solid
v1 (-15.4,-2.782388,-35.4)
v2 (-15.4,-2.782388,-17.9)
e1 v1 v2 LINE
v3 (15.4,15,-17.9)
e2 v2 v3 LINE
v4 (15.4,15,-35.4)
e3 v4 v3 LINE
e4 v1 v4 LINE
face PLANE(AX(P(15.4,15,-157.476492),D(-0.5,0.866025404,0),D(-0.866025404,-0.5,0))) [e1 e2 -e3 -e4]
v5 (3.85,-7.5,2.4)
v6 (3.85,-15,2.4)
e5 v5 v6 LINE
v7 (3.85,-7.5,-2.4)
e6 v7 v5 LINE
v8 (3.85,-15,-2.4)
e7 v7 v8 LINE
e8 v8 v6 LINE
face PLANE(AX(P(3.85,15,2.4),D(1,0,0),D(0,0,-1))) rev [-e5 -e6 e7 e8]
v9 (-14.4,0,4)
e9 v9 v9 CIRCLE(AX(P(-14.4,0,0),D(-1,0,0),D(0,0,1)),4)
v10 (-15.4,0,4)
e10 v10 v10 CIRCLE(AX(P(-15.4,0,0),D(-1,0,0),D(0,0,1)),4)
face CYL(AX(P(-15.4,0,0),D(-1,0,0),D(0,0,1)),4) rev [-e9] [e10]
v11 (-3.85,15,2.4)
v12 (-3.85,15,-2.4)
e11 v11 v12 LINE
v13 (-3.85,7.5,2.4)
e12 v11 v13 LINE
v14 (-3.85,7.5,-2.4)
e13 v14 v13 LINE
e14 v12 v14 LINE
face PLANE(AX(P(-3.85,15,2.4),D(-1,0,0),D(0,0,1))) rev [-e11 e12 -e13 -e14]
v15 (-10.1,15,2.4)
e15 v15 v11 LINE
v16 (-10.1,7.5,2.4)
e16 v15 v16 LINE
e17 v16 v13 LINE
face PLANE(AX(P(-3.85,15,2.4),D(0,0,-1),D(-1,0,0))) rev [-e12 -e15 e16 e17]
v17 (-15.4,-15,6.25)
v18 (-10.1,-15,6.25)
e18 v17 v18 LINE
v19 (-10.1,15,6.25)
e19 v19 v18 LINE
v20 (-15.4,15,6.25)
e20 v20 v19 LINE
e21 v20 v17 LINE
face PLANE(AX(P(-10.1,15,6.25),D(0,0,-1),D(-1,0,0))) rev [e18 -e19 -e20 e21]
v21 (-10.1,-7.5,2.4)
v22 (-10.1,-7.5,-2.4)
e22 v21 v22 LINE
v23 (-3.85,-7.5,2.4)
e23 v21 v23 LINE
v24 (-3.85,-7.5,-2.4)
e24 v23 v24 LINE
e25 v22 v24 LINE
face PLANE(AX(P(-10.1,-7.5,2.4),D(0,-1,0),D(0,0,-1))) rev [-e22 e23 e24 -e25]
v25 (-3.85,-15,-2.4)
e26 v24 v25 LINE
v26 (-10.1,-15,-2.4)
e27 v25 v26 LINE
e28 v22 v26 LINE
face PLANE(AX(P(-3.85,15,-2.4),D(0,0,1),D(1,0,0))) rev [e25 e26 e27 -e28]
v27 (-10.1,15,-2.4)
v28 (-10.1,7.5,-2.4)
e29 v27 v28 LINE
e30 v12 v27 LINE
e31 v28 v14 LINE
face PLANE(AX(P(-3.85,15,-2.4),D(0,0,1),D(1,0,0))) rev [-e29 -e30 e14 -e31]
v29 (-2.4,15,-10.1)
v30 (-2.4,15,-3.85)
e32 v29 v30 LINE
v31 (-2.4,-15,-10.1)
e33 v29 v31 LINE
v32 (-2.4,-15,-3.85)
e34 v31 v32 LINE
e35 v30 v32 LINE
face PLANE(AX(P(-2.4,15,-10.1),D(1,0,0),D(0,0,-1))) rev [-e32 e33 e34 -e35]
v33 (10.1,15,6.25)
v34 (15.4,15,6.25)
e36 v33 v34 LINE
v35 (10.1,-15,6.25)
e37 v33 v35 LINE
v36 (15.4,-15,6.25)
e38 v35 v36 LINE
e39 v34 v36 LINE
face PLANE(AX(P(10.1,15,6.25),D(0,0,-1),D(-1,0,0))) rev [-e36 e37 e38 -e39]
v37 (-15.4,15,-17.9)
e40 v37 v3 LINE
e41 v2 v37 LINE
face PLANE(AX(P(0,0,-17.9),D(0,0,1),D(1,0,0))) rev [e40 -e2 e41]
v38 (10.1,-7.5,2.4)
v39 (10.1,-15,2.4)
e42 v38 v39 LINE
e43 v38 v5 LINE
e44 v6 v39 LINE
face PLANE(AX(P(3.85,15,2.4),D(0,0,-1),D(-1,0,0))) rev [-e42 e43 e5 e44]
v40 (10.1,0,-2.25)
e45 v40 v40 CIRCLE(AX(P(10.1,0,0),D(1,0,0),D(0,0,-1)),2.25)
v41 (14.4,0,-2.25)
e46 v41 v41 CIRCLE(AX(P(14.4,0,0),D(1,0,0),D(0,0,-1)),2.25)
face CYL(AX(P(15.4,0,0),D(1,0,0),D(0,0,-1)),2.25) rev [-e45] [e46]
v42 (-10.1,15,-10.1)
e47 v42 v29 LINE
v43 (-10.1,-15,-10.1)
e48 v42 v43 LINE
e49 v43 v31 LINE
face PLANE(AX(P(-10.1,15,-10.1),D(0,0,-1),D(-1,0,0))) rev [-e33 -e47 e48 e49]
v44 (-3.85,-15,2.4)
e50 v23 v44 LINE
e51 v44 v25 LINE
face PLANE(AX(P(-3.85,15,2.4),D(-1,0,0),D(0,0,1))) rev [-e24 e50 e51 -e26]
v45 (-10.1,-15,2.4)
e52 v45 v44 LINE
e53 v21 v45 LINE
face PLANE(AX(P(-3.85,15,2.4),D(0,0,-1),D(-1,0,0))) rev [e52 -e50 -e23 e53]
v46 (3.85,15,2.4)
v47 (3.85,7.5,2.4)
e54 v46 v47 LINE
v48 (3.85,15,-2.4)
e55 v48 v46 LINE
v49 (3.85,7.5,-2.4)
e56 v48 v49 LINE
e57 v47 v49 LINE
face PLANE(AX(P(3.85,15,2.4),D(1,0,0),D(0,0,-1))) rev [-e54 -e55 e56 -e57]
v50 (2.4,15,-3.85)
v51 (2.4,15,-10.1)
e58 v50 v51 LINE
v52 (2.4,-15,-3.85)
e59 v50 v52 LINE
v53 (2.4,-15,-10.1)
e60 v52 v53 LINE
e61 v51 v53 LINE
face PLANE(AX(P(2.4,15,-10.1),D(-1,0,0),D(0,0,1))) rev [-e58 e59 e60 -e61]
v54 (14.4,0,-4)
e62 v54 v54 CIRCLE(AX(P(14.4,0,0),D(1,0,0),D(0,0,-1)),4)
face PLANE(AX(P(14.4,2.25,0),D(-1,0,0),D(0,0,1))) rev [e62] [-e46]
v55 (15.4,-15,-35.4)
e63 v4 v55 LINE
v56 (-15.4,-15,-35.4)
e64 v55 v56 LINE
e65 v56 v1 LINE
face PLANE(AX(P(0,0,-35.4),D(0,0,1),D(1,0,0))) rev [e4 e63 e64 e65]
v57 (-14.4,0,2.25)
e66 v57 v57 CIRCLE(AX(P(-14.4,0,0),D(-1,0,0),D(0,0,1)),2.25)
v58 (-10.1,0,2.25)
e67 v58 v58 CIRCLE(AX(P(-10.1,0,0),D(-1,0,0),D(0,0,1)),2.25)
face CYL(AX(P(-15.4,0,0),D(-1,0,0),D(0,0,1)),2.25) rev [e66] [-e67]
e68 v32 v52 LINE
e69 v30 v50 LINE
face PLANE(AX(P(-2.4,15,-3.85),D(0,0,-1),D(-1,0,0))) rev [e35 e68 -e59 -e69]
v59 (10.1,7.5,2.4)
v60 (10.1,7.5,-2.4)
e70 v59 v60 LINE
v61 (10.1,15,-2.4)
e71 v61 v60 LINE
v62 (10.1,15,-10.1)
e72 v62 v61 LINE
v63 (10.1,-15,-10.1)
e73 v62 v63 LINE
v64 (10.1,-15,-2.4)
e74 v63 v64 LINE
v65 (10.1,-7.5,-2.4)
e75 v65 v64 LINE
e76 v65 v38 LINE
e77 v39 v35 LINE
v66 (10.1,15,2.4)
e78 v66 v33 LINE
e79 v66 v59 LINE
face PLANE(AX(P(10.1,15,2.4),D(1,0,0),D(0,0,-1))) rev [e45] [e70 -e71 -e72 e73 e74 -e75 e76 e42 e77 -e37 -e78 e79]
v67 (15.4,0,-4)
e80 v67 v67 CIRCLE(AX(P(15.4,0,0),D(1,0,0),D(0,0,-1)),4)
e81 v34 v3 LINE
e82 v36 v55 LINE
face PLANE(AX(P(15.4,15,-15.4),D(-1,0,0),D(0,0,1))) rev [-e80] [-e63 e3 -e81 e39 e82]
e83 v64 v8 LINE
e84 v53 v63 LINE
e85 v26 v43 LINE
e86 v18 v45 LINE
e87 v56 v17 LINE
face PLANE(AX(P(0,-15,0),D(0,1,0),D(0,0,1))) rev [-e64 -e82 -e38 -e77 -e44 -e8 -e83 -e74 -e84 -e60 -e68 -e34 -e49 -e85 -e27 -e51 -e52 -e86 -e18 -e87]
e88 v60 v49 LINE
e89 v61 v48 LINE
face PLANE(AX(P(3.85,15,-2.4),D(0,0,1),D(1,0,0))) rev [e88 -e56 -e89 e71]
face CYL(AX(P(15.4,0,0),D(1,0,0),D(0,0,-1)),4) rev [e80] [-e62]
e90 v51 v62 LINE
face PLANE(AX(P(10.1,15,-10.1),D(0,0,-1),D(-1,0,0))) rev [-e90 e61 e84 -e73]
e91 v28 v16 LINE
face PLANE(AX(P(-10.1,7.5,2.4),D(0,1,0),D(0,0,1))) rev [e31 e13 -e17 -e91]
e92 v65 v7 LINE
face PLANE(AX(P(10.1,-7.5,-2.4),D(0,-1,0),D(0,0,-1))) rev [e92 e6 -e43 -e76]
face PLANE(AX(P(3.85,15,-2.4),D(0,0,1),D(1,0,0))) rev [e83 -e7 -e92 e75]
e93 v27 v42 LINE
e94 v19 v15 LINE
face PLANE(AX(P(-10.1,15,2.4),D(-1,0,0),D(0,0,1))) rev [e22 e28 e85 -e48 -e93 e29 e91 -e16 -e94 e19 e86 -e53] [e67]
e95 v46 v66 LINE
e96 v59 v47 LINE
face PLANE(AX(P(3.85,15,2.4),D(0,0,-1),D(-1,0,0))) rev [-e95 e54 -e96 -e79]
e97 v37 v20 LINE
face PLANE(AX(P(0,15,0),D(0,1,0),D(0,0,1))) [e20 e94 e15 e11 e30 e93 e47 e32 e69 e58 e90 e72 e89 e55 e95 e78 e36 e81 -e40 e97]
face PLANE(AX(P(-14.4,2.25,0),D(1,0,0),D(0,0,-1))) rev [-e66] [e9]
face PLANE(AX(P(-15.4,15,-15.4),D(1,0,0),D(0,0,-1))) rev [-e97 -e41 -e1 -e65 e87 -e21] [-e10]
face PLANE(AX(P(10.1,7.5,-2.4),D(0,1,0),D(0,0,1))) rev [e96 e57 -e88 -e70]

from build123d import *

# Parameters (mm, degrees)
BOSS_EXTRU_1_DEPTH                                = 15
ESQUISSE2_W                                       = 30.8
ESQUISSE2_H                                       = 30
BOSS_EXTRU_2_DEPTH                                = 20
ENL_V_MAT_EXTRU_2_DEPTH                           = 47.870913155
ENL_V_MAT_EXTRU_2_DEPTH_BACK                      = 17.5
ESQUISSE4_W                                       = 4.8
ESQUISSE4_H                                       = 15
ENL_V_MAT_EXTRU_3_DEPTH                           = 6.25
ESQUISSE5_W                                       = 4.8
ESQUISSE5_H                                       = 15
ENL_V_MAT_EXTRU_4_DEPTH                           = 6.25
CHAMBRAGE_POUR_VIS_SIX_PANS_CREUX_M41_D           = 4.5
CHAMBRAGE_POUR_VIS_SIX_PANS_CREUX_M41_DEPTH       = 5.3
CHAMBRAGE_POUR_VIS_SIX_PANS_CREUX_M41_CBORE_D     = 8
CHAMBRAGE_POUR_VIS_SIX_PANS_CREUX_M41_CBORE_DEPTH = 1
CHAMBRAGE_POUR_VIS_SIX_PANS_CREUX_M43_D           = 4.5
CHAMBRAGE_POUR_VIS_SIX_PANS_CREUX_M43_CBORE_D     = 8
CHAMBRAGE_POUR_VIS_SIX_PANS_CREUX_M43_CBORE_DEPTH = 1


with BuildPart() as part:
    # Base → Boss.-Extru.1 (new, symmetric)
    with BuildSketch(Plane(origin=(0, 0, 0), x_dir=(1, 0, 0), z_dir=(0, 1, 0))):
        Polygon((-3.85, -2.4), (-3.85, 2.4), (-10.1, 2.4), (-10.1, 10.1), (-2.4, 10.1), (-2.4, 3.85), (2.4, 3.85), (2.4, 10.1), (10.1, 10.1), (10.1, 2.4), (3.85, 2.4), (3.85, -2.4), (10.1, -2.4), (10.1, -6.25), (15.4, -6.25), (15.4, 15.4), (-15.4, 15.4), (-15.4, -6.25), (-10.1, -6.25), (-10.1, -2.4), align=None)
    extrude(amount=BOSS_EXTRU_1_DEPTH, both=True)

    # Esquisse2 → Boss.-Extru.2 (add)
    with BuildSketch(Plane(origin=(0, 0, -15.4), x_dir=(-1, 0, 0), z_dir=(0, 0, -1))):
        Rectangle(ESQUISSE2_W, ESQUISSE2_H)
    extrude(amount=BOSS_EXTRU_2_DEPTH)

    # Esquisse3 → Enlèv. mat.-Extru.2 (cut, two sides: drawn at the far end of the back side and taken through both)
    with BuildSketch(Plane(origin=(0, 0, -35.4), x_dir=(-1, 0, 0), z_dir=(0, 0, -1)).offset(-ENL_V_MAT_EXTRU_2_DEPTH_BACK)):
        Polygon((-98.531187965, 62.99581375), (-15.4, 15), (15.4, -2.782388291), (98.531187965, -50.778202041), (194.522815465, 115.484173889), (-2.539560466, 229.25818968), align=None)
    extrude(amount=ENL_V_MAT_EXTRU_2_DEPTH + ENL_V_MAT_EXTRU_2_DEPTH_BACK, mode=Mode.SUBTRACT)

    # Esquisse4 → Enlèv. mat.-Extru.3 (cut)
    with BuildSketch(Plane.ZY.offset(-3.85)):
        Rectangle(ESQUISSE4_W, ESQUISSE4_H)
    extrude(amount=-ENL_V_MAT_EXTRU_3_DEPTH, mode=Mode.SUBTRACT)

    # Esquisse5 → Enlèv. mat.-Extru.4 (cut)
    with BuildSketch(Plane(origin=(-3.85, 0, 0), x_dir=(0, 0, -1), z_dir=(1, 0, 0))):
        Rectangle(ESQUISSE5_W, ESQUISSE5_H)
    extrude(amount=-ENL_V_MAT_EXTRU_4_DEPTH, mode=Mode.SUBTRACT)

    # Chambrage pour vis à six pans creux M41
    with Locations(Plane(origin=(15.4, 0, 0), x_dir=(0, 0, -1), z_dir=(1, 0, 0))):
        with Locations((0, 0)):
            CounterBoreHole(CHAMBRAGE_POUR_VIS_SIX_PANS_CREUX_M41_D / 2, CHAMBRAGE_POUR_VIS_SIX_PANS_CREUX_M41_CBORE_D / 2, CHAMBRAGE_POUR_VIS_SIX_PANS_CREUX_M41_CBORE_DEPTH, depth=CHAMBRAGE_POUR_VIS_SIX_PANS_CREUX_M41_DEPTH)

    # Chambrage pour vis à six pans creux M43 (through all)
    with Locations(Plane.ZY.offset(15.4)):
        with Locations((0, 0)):
            CounterBoreHole(CHAMBRAGE_POUR_VIS_SIX_PANS_CREUX_M43_D / 2, CHAMBRAGE_POUR_VIS_SIX_PANS_CREUX_M43_CBORE_D / 2, CHAMBRAGE_POUR_VIS_SIX_PANS_CREUX_M43_CBORE_DEPTH)


solid = part.part
